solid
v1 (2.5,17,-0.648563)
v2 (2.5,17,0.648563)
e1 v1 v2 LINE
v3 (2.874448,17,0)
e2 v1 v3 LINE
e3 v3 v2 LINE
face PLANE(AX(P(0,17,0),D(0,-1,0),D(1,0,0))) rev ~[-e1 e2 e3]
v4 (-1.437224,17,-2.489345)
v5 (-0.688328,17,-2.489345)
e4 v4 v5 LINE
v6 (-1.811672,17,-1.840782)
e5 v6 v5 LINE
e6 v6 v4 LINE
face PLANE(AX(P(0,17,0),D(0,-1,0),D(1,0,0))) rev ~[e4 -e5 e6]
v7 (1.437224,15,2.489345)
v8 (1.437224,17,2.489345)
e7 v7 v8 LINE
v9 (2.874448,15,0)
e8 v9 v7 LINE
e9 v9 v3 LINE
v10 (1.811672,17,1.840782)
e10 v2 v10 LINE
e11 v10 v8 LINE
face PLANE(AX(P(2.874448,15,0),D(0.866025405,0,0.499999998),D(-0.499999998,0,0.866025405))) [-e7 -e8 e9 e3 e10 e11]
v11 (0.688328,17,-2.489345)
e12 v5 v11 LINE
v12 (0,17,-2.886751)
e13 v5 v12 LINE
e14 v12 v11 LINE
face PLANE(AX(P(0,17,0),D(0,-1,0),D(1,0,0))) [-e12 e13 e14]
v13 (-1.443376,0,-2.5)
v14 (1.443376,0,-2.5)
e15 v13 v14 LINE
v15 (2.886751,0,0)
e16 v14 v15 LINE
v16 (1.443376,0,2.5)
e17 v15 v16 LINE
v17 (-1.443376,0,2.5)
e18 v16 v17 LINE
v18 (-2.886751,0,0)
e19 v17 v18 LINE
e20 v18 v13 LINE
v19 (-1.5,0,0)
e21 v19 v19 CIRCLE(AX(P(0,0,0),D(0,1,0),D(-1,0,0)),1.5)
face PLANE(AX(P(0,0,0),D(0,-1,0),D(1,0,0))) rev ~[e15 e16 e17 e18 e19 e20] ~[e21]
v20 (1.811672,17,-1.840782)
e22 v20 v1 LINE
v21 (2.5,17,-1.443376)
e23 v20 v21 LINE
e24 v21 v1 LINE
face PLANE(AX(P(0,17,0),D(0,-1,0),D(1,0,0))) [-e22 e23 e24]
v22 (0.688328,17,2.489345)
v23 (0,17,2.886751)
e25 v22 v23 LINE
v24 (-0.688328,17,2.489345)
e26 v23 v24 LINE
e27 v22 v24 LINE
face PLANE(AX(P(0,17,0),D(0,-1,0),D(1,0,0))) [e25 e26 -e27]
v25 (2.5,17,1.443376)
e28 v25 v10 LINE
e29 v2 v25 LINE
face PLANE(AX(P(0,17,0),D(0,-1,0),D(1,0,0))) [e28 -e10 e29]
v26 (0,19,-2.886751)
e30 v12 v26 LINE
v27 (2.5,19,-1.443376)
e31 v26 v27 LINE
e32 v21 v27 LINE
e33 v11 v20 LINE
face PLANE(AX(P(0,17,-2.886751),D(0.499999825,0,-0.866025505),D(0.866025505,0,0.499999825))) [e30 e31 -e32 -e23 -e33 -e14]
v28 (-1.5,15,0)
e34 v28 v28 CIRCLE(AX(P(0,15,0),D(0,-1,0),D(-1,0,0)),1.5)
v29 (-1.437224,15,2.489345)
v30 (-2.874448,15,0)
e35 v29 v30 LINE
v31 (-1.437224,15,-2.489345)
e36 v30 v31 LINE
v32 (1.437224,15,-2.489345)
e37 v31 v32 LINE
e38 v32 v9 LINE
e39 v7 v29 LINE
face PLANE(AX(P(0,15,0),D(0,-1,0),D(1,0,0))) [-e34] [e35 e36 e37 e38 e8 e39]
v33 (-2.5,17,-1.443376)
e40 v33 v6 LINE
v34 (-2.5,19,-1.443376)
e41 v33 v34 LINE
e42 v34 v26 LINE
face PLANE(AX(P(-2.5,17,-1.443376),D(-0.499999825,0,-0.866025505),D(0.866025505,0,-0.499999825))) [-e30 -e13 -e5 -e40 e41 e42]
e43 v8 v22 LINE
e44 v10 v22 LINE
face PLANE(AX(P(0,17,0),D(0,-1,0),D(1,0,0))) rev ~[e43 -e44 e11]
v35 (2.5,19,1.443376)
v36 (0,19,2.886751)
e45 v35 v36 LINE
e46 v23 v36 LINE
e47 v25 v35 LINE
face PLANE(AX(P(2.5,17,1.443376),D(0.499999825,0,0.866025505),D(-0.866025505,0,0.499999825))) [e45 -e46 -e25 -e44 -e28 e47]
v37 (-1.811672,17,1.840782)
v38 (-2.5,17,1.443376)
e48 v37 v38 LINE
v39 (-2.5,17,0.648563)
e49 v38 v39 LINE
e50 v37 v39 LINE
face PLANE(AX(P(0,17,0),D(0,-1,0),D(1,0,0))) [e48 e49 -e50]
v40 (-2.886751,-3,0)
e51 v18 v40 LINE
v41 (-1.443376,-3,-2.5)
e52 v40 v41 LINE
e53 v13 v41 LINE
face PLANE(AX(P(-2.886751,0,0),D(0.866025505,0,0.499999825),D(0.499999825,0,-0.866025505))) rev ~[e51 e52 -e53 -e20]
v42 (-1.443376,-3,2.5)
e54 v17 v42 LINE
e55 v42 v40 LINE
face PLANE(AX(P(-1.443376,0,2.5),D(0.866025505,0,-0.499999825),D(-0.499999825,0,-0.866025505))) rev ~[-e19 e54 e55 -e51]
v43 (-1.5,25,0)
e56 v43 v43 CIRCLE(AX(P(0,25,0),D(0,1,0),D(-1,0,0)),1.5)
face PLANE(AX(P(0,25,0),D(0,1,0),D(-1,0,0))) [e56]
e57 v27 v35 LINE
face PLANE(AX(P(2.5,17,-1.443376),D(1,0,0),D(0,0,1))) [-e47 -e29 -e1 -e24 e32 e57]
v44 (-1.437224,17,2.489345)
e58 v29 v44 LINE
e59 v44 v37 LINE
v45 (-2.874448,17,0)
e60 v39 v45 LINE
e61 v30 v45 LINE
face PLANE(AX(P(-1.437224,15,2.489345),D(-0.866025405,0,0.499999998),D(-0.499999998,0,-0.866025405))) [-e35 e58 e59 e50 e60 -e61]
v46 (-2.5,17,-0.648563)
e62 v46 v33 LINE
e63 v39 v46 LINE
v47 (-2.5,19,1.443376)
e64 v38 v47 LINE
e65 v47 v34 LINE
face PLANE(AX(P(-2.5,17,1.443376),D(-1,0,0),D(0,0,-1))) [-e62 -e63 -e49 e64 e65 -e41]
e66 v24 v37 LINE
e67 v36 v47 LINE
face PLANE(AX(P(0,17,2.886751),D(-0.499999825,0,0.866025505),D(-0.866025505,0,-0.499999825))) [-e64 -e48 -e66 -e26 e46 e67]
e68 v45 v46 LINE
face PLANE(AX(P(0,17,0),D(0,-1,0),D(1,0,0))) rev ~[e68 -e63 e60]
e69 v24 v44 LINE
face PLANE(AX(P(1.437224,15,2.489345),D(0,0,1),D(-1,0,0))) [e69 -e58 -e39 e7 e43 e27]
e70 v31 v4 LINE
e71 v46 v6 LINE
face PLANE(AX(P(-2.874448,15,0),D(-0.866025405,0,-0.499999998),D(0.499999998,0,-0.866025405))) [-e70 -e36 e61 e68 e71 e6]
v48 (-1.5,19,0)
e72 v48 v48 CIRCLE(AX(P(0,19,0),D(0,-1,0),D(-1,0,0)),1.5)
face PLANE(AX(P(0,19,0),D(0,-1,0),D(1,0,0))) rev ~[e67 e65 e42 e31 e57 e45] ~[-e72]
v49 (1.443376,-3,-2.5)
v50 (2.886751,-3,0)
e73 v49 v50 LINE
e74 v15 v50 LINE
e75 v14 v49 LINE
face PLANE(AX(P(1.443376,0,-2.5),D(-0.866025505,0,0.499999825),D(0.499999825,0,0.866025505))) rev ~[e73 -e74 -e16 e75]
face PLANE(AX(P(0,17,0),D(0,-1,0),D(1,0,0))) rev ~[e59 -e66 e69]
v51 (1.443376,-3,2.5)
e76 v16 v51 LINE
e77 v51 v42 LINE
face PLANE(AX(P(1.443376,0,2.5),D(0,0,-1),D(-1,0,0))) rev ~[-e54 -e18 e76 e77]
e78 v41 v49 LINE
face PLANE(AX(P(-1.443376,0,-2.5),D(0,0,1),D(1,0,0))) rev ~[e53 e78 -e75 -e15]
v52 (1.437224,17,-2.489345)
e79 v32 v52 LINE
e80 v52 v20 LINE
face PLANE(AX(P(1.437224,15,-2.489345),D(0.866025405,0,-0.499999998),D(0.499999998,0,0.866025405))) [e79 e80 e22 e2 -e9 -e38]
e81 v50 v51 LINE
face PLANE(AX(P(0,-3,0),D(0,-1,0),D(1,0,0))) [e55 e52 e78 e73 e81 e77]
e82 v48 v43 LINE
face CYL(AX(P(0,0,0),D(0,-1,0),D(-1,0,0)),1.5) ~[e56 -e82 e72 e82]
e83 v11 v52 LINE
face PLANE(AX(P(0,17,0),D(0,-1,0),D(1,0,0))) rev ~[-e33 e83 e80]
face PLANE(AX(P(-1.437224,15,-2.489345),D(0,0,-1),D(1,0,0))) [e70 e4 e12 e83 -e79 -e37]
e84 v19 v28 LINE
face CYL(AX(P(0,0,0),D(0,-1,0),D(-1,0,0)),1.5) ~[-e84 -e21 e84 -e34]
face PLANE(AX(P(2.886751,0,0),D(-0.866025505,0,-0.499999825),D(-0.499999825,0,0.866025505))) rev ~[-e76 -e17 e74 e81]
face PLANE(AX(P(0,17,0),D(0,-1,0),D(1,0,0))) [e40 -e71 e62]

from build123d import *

# Parameters (mm, degrees)
F1_DEPTH = 3
F2_R     = 1.5
F3_DEPTH = 25
F6_DEPTH = 2
F9_DEPTH = 2


with BuildPart() as f1:
    # F0 (on Front) → F1 (new body)
    with BuildSketch(Plane.XZ):
        Polygon((-1.443376, -2.5), (1.443376, -2.5), (2.886751, 0), (1.443376, 2.5), (-1.443376, 2.5), (-2.886751, 0), align=None)
    extrude(amount=F1_DEPTH)

    # F2 (on face) → F3 (join)
    with BuildSketch(Plane(origin=(0, 0, 0), x_dir=(-1, 0, 0), z_dir=(0, 1, 0))):
        Circle(F2_R)
    extrude(amount=F3_DEPTH)

    # F5 (on offset) → F6 (join)
    with BuildSketch(Plane.XZ.offset(-15)):
        Polygon((1.437224, 2.489345), (-1.437224, 2.489345), (-2.874448, 0), (-1.437224, -2.489345), (1.437224, -2.489345), (2.874448, 0), align=None)
    extrude(amount=-F6_DEPTH)

    # F8 (on offset) → F9 (join)
    with BuildSketch(Plane.XZ.offset(-17)):
        Polygon((2.5, -1.443376), (2.5, 1.443376), (0, 2.886751), (-2.5, 1.443376), (-2.5, -1.443376), (0, -2.886751), align=None)
    extrude(amount=-F9_DEPTH)


solid = f1.part
